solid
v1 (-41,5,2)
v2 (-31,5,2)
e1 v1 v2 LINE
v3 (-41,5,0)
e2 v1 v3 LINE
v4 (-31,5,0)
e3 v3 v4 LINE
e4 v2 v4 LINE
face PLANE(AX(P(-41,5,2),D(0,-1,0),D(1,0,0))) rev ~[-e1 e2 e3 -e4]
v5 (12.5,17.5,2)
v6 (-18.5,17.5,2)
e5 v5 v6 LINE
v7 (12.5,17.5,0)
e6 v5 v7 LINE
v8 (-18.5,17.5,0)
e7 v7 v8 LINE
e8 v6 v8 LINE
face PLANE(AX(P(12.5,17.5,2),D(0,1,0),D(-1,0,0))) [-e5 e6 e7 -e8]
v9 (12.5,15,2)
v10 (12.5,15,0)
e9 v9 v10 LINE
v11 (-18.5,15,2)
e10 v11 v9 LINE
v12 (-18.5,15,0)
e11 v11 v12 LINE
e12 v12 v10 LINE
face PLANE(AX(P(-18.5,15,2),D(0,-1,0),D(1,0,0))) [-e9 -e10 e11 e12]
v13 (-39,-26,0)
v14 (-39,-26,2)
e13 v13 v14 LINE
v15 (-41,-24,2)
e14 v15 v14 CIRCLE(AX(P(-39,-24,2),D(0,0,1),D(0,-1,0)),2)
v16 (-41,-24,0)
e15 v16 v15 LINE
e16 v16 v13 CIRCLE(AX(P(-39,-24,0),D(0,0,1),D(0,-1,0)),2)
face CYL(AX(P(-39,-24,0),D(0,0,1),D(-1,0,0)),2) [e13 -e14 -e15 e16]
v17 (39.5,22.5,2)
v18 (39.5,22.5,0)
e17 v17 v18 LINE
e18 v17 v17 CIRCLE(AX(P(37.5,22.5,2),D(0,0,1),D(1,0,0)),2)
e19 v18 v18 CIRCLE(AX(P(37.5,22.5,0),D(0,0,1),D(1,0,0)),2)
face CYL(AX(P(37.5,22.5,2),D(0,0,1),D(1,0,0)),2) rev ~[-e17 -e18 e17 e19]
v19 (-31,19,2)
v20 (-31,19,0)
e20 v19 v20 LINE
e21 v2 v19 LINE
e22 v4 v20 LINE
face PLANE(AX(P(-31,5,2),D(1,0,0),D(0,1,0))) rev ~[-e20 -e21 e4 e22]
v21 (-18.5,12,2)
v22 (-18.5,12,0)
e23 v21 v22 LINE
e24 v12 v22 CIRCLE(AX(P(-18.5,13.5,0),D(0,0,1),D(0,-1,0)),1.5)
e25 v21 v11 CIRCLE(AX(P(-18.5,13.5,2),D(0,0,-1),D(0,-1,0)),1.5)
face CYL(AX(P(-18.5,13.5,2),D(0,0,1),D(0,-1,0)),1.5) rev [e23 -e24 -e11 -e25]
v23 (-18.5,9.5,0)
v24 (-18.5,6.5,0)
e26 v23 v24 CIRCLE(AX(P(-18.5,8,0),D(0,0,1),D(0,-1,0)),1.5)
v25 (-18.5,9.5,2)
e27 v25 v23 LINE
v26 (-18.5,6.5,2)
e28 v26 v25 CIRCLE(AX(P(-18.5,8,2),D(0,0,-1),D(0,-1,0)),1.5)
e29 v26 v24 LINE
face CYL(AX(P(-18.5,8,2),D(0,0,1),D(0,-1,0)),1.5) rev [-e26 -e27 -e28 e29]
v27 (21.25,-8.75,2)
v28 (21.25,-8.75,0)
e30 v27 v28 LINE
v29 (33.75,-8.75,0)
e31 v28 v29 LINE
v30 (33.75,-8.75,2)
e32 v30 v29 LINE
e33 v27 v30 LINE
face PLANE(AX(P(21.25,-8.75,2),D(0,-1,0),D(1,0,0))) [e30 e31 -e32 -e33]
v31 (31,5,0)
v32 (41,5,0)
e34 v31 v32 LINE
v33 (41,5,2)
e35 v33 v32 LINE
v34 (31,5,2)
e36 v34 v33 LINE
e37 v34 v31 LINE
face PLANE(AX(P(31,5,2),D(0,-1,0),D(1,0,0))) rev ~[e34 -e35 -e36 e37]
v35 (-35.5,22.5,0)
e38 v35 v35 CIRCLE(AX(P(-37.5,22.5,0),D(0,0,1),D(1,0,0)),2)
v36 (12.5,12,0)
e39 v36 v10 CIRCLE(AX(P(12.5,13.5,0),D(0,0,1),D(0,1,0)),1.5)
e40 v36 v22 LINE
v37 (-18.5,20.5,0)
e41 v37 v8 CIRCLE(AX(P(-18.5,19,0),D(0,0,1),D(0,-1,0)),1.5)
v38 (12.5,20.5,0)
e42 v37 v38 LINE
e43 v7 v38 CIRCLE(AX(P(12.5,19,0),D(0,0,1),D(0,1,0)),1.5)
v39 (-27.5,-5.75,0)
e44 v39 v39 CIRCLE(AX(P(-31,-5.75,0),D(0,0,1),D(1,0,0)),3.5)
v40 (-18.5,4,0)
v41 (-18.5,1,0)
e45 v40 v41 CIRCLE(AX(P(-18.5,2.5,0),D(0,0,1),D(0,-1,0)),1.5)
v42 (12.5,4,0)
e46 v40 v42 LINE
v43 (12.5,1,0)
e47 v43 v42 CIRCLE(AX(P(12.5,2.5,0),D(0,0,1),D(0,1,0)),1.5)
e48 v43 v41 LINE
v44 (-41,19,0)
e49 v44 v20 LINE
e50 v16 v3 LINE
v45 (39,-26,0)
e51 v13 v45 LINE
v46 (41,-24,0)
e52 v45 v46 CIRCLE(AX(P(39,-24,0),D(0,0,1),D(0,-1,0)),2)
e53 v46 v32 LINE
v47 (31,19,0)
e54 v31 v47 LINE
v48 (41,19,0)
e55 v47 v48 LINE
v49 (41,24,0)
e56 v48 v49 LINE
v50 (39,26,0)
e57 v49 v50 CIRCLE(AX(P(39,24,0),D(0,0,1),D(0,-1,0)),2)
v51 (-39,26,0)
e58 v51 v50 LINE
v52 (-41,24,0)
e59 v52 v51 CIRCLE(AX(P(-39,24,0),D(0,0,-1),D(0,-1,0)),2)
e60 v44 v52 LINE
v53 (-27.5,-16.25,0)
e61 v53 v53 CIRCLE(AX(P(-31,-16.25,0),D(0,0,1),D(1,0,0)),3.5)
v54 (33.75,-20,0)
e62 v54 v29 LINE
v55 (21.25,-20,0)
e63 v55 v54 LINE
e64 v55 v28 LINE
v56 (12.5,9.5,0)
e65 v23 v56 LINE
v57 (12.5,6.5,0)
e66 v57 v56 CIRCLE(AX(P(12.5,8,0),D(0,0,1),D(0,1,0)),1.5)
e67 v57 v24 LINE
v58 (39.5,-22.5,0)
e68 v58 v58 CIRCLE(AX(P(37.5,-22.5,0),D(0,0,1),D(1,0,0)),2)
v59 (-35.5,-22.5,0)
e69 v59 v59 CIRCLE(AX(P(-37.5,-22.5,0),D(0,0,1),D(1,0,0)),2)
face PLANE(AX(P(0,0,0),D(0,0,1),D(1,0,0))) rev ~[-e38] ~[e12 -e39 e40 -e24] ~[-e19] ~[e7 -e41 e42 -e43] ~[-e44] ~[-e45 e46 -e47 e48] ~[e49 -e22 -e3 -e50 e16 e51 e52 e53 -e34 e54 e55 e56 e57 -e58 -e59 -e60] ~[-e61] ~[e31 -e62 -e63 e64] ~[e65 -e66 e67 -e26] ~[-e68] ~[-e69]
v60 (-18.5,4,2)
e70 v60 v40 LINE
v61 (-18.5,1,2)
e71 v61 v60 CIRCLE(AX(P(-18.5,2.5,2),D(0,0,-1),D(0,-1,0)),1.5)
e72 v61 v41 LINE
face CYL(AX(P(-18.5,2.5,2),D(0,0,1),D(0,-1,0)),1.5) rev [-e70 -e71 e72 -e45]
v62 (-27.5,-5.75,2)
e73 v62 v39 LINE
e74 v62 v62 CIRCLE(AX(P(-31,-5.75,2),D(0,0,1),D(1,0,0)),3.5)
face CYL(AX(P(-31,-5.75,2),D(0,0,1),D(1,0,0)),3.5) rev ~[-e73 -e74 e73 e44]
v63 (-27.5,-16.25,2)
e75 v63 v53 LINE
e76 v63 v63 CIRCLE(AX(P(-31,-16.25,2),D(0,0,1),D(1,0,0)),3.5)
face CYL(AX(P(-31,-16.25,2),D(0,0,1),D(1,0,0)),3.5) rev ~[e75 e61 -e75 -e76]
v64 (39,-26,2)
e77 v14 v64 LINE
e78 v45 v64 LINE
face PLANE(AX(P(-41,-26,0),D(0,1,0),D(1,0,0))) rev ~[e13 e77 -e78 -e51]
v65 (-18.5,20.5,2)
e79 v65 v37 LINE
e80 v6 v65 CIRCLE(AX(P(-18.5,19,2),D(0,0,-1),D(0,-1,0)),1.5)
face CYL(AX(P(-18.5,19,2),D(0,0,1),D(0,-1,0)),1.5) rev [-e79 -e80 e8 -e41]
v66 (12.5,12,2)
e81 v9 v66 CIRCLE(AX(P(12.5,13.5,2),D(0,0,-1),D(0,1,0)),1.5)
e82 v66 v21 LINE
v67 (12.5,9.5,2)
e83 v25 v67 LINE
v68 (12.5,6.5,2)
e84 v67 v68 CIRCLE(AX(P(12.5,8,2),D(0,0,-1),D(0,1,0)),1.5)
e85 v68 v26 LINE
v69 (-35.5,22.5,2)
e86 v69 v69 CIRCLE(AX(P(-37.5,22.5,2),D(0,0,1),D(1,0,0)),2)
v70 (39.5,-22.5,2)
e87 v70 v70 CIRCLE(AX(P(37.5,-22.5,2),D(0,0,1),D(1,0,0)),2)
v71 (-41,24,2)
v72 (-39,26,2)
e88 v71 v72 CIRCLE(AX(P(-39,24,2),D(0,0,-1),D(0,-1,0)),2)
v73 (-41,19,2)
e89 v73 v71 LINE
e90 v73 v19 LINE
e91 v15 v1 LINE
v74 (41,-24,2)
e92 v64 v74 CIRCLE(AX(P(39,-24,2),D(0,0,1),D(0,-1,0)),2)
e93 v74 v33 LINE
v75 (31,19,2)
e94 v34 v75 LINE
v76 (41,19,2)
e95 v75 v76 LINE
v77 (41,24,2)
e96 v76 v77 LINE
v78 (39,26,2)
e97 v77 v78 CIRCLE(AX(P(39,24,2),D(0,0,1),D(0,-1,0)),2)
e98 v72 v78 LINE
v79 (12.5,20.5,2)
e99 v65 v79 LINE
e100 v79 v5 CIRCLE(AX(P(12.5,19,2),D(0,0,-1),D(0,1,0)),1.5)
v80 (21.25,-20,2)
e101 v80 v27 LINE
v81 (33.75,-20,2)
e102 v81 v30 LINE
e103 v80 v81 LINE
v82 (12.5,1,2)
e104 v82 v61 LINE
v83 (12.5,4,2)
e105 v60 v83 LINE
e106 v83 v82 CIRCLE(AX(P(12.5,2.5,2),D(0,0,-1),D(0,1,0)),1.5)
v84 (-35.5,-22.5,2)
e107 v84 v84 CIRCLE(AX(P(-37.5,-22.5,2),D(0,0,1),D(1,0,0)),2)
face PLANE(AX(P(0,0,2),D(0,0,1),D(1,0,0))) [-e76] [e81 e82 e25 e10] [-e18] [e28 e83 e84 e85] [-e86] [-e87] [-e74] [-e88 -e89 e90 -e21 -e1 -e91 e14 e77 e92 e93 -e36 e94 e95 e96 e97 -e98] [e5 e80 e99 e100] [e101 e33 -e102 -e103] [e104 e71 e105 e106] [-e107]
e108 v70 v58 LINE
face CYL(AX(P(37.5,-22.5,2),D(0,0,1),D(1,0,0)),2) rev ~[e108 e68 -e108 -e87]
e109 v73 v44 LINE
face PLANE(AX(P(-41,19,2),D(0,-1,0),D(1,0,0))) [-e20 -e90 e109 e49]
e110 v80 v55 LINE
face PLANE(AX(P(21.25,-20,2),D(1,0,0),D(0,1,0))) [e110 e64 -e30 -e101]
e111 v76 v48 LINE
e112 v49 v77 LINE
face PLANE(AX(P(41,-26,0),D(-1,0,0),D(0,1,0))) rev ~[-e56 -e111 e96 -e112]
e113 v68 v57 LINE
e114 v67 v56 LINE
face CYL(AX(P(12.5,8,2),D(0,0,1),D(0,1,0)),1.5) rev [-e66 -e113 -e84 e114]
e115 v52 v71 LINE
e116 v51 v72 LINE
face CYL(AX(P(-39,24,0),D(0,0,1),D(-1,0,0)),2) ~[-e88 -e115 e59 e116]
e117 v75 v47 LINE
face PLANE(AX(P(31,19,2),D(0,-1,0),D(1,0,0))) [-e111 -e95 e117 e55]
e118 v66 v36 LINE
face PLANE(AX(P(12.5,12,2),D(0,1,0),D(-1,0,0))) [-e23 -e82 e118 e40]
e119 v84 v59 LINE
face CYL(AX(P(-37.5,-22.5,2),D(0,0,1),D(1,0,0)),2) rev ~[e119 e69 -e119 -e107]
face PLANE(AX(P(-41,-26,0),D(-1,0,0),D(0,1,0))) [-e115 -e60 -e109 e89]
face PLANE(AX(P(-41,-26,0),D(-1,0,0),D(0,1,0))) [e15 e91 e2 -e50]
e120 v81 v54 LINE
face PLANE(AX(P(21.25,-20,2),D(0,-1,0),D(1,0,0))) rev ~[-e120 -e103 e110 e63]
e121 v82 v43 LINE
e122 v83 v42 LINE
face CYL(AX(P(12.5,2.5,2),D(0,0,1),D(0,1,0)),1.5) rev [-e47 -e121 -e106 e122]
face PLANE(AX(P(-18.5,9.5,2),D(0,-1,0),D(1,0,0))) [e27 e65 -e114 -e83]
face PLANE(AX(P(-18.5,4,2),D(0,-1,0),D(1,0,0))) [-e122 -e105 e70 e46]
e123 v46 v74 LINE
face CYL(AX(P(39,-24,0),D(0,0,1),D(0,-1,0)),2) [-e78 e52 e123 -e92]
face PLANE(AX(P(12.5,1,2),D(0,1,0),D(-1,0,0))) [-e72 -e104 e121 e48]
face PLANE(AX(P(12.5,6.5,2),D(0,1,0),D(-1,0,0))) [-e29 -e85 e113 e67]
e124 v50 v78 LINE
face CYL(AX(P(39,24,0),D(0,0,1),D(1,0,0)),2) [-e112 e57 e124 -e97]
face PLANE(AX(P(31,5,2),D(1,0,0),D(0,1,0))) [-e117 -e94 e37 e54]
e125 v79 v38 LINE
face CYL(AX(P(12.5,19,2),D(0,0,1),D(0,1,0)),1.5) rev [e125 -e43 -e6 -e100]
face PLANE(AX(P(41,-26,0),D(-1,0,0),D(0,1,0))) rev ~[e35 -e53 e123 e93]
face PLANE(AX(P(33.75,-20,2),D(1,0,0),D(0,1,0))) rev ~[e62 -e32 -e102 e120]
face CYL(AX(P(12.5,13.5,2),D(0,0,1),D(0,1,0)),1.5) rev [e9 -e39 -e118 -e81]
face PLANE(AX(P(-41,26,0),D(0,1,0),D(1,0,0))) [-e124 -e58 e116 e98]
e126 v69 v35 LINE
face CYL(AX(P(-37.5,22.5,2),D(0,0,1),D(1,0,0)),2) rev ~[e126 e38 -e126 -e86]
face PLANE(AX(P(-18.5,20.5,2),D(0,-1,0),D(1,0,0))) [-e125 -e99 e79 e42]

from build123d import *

# Parameters (mm, degrees)
SKETCH1_W           = 82
SKETCH1_H           = 52
BOSS_EXTRUDE1_DEPTH = 2
FILLET1_R           = 2
CUT_EXTRUDE1_DEPTH  = 49.590122453
SKETCH3_R           = 2
CUT_EXTRUDE2_DEPTH  = 49.590122453
SKETCH4_R           = 3.5
SKETCH4_W           = 10
SKETCH4_H           = 14
SKETCH4_W_2         = 12.5
SKETCH4_H_2         = 11.25
CUT_EXTRUDE3_DEPTH  = 49.590122453


with BuildPart() as part:
    # Sketch1 → Boss-Extrude1 (new body)
    with BuildSketch(Plane.XY):
        Rectangle(SKETCH1_W, SKETCH1_H)
    extrude(amount=BOSS_EXTRUDE1_DEPTH)

    # Fillet1
    fillet1_edges = [part.edges().sort_by_distance(p)[0] for p in [
        (-41, 26, 1),
        (41, 26, 1),
        (41, -26, 1),
        (-41, -26, 1),
    ]]
    fillet(fillet1_edges, radius=FILLET1_R)

    # Sketch2 → Cut-Extrude1 (cut, through all)
    with BuildSketch(Plane.XY.offset(2)):
        with BuildLine():
            Line((-18.5, 20.5), (12.5, 20.5))
            ThreePointArc((12.5, 20.5), (14, 19), (12.5, 17.5))
            Line((12.5, 17.5), (-18.5, 17.5))
            ThreePointArc((-18.5, 17.5), (-20, 19), (-18.5, 20.5))
        make_face()
        with BuildLine():
            Line((-18.5, 15), (12.5, 15))
            ThreePointArc((12.5, 15), (14, 13.5), (12.5, 12))
            Line((12.5, 12), (-18.5, 12))
            ThreePointArc((-18.5, 12), (-20, 13.5), (-18.5, 15))
        make_face()
        with BuildLine():
            Line((-18.5, 9.5), (12.5, 9.5))
            ThreePointArc((12.5, 9.5), (14, 8), (12.5, 6.5))
            Line((12.5, 6.5), (-18.5, 6.5))
            ThreePointArc((-18.5, 6.5), (-20, 8), (-18.5, 9.5))
        make_face()
        with BuildLine():
            Line((-18.5, 4), (12.5, 4))
            ThreePointArc((12.5, 4), (14, 2.5), (12.5, 1))
            Line((12.5, 1), (-18.5, 1))
            ThreePointArc((-18.5, 1), (-20, 2.5), (-18.5, 4))
        make_face()
    extrude(amount=-CUT_EXTRUDE1_DEPTH, mode=Mode.SUBTRACT)

    # Sketch3 → Cut-Extrude2 (cut, through all)
    with BuildSketch(Plane.XY.offset(2)):
        with Locations((37.5, 22.5)):
            Circle(SKETCH3_R)
        with Locations((-37.5, 22.5)):
            Circle(SKETCH3_R)
        with Locations((37.5, -22.5)):
            Circle(SKETCH3_R)
        with Locations((-37.5, -22.5)):
            Circle(SKETCH3_R)
    extrude(amount=-CUT_EXTRUDE2_DEPTH, mode=Mode.SUBTRACT)

    # Sketch4 → Cut-Extrude3 (cut, through all)
    with BuildSketch(Plane.XY.offset(2)):
        with Locations((-31, -5.75)):
            Circle(SKETCH4_R)
        with Locations((-31, -16.25)):
            Circle(SKETCH4_R)
        with Locations((-36, 12)):
            Rectangle(SKETCH4_W, SKETCH4_H)
        with Locations((36, 12)):
            Rectangle(SKETCH4_W, SKETCH4_H)
        with Locations((27.5, -14.375)):
            Rectangle(SKETCH4_W_2, SKETCH4_H_2)
    extrude(amount=-CUT_EXTRUDE3_DEPTH, mode=Mode.SUBTRACT)


solid = part.part
